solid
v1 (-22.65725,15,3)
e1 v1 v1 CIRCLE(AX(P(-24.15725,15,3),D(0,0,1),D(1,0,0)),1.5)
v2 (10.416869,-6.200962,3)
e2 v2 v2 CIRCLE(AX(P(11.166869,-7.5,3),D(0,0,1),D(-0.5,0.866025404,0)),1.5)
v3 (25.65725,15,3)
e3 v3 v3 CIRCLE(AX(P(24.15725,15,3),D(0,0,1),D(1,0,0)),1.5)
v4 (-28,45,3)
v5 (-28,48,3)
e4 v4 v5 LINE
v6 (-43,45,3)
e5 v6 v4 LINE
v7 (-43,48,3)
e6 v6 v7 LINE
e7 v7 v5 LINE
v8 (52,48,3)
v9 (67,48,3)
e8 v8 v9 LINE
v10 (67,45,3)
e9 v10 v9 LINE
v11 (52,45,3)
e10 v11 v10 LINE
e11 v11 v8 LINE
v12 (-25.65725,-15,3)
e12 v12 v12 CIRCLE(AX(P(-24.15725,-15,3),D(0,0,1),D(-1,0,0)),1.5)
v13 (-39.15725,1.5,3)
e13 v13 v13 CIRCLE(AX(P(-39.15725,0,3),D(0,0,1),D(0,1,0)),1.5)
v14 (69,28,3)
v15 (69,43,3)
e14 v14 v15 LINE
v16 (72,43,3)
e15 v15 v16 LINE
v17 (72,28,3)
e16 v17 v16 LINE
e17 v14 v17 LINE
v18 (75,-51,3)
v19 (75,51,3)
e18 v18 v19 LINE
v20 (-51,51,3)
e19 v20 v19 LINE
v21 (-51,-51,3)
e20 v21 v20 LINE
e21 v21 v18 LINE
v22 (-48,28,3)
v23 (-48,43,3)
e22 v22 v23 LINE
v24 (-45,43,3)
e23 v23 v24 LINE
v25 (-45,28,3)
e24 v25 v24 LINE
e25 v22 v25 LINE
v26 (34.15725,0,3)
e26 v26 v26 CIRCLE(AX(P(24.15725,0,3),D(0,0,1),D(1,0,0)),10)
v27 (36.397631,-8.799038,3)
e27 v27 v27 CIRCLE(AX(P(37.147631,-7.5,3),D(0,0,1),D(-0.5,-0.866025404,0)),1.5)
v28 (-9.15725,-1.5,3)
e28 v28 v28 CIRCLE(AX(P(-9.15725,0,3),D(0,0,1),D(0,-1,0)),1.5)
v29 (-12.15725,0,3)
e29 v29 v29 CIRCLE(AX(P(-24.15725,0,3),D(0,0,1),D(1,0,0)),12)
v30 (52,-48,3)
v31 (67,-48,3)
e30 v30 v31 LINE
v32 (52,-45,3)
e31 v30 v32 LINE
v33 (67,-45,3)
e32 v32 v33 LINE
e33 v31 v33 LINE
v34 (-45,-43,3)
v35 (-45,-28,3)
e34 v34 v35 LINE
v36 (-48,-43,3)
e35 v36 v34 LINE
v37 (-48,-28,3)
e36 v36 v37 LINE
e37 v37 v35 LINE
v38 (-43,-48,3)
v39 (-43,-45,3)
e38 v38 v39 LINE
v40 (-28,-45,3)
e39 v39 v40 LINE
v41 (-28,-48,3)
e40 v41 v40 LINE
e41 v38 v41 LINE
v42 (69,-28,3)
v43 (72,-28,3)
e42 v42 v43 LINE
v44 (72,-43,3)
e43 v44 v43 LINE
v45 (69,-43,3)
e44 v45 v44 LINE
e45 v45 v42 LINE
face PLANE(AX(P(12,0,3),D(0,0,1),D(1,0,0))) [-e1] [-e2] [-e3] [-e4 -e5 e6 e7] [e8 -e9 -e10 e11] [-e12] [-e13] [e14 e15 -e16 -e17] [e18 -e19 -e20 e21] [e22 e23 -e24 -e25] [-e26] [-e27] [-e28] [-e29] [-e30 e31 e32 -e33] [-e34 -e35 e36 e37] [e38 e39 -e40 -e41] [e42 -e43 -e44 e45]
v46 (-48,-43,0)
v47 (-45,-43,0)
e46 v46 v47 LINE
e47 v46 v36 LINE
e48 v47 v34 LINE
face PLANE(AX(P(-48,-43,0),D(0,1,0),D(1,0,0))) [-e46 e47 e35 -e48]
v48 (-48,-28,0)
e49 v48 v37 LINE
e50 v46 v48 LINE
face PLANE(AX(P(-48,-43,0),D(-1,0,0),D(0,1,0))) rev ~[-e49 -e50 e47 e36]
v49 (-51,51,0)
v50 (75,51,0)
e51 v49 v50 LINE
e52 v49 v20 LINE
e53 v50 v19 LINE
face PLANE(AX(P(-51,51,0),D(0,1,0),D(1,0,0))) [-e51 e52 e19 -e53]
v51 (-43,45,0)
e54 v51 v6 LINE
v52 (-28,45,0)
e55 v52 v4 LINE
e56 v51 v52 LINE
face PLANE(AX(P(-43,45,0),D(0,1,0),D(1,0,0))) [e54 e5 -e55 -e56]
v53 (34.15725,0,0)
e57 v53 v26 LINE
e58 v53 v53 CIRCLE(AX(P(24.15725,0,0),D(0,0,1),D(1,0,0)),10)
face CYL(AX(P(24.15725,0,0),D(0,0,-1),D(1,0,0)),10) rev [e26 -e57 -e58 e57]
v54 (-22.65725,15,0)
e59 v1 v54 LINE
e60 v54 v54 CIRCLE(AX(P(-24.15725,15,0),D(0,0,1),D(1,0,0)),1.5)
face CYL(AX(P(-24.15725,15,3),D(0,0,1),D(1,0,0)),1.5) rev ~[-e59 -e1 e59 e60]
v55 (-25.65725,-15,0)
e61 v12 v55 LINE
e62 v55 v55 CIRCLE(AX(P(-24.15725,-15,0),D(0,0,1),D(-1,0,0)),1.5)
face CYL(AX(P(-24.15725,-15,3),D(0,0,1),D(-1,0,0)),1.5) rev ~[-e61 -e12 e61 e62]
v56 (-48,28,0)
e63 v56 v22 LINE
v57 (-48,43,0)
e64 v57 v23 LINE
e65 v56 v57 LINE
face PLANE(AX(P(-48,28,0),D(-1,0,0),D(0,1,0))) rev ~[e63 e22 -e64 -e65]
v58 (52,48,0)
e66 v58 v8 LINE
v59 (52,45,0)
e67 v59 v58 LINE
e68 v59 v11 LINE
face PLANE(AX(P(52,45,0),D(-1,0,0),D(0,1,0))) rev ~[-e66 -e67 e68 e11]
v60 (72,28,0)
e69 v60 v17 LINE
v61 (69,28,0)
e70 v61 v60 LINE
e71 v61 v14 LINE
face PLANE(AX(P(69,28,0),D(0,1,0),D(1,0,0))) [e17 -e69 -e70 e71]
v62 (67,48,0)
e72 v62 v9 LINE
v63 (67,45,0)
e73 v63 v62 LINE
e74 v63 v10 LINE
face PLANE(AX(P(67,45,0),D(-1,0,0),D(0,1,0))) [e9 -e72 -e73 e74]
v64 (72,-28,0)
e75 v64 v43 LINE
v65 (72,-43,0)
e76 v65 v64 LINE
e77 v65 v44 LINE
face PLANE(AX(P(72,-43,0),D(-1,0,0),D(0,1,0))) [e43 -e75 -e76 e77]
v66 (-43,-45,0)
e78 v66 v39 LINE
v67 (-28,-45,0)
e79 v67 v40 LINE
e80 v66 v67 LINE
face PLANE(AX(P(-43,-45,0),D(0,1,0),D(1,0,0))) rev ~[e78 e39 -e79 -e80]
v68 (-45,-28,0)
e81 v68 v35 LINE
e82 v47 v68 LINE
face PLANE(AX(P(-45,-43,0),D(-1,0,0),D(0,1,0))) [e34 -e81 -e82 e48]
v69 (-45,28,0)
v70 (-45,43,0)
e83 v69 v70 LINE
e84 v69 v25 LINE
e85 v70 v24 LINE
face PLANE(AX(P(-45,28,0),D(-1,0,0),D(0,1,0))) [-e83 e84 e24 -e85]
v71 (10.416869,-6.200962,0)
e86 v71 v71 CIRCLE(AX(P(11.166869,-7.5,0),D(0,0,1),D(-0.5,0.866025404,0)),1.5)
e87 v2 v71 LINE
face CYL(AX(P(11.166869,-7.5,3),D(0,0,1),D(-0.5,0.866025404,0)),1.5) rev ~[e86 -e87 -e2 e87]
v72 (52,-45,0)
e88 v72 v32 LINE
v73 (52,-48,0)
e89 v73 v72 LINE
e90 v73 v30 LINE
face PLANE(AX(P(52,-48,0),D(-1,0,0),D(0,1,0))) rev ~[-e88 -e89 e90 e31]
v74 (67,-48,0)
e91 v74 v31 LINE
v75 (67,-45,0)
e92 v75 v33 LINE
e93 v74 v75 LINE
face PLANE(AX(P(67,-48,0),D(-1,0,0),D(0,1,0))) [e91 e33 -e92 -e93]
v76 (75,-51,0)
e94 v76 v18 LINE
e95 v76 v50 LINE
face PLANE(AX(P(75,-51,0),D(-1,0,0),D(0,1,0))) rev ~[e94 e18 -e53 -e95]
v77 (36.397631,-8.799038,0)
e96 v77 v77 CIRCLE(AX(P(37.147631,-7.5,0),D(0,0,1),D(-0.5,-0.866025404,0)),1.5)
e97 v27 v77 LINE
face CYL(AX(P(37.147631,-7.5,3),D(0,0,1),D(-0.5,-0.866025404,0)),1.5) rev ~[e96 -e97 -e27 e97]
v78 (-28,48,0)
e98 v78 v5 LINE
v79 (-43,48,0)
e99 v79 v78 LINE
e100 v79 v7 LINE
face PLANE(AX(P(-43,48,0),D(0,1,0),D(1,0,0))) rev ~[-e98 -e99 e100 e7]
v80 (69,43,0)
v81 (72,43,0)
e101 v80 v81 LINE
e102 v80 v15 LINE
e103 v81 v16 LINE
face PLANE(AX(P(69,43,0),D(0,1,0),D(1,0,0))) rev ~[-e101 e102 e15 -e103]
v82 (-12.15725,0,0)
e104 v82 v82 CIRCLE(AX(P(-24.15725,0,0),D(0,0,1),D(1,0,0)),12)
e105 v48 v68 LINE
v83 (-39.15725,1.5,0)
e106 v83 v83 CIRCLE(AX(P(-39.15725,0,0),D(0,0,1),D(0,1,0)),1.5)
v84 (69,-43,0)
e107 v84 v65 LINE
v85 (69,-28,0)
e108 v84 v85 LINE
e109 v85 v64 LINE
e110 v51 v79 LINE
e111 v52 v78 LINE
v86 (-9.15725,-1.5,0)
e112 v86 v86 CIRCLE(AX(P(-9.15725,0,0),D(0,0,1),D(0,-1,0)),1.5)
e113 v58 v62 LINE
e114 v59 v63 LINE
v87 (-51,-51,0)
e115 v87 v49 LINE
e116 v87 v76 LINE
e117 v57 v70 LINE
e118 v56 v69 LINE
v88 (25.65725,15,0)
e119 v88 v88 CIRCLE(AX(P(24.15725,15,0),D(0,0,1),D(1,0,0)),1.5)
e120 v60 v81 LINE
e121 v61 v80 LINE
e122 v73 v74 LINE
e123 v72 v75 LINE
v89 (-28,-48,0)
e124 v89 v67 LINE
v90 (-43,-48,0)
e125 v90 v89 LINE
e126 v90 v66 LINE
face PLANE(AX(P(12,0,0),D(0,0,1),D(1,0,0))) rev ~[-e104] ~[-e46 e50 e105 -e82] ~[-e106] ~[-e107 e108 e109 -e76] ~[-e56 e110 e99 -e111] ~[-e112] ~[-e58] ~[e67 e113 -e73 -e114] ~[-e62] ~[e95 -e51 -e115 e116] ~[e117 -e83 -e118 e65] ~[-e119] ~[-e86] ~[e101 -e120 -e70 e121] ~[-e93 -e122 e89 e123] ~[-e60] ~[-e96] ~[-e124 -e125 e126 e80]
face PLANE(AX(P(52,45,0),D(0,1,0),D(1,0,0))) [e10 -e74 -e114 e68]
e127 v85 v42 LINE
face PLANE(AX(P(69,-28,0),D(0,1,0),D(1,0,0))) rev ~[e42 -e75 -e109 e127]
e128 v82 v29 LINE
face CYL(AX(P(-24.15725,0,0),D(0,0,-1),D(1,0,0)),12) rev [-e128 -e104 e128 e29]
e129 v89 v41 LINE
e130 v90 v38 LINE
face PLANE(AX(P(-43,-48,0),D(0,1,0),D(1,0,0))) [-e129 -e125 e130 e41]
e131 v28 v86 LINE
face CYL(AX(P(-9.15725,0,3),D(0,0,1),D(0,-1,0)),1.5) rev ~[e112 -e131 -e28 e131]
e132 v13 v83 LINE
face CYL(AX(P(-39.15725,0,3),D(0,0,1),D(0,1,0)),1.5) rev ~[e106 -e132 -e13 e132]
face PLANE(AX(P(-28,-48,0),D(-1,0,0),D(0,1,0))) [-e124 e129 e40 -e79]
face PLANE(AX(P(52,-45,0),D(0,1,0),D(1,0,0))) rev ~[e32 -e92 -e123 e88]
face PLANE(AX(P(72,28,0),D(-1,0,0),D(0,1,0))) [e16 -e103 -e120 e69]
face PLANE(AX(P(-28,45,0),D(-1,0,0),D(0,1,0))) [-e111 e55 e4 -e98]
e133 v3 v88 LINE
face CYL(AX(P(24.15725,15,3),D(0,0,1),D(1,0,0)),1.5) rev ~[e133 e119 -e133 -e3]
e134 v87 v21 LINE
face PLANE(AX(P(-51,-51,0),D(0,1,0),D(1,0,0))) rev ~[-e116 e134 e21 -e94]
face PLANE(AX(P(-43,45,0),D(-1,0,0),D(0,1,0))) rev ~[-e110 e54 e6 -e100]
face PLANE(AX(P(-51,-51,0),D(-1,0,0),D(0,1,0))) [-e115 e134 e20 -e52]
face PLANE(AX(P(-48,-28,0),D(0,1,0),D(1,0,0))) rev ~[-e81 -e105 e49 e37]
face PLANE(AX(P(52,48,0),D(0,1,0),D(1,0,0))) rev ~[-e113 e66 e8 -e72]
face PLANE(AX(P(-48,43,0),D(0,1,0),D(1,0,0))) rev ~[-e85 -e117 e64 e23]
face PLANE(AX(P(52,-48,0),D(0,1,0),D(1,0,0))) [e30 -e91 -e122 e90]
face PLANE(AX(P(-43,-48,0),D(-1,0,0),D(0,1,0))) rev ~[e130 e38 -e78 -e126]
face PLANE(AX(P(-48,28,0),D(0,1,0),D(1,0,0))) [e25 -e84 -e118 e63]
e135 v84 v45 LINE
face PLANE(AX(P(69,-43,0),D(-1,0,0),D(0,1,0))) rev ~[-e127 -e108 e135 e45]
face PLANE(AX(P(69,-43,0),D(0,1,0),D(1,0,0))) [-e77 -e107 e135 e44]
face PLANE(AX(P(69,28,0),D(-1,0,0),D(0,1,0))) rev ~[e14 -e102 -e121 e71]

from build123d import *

# Parameters (mm, degrees)
SKETCH1_W           = 126
SKETCH1_H           = 102
SKETCH1_R           = 12
SKETCH1_R_2         = 10
SKETCH1_W_2         = 3
SKETCH1_H_2         = 15
SKETCH1_W_3         = 15
SKETCH1_H_3         = 3
BOSS_EXTRUDE1_DEPTH = 3
SKETCH2_R           = 1.5
CUT_EXTRUDE1_DEPTH  = 3
CIRPATTERN1_COUNT   = 3
SKETCH3_R           = 1.5
CUT_EXTRUDE2_DEPTH  = 3
CIRPATTERN2_COUNT   = 4


with BuildPart() as part:
    # Sketch1 → Boss-Extrude1 (new body)
    with BuildSketch(Plane.XY):
        with Locations((12, 0)):
            Rectangle(SKETCH1_W, SKETCH1_H)
        with Locations((-24.15725, 0)):
            Circle(SKETCH1_R, mode=Mode.SUBTRACT)
        with Locations((24.15725, 0)):
            Circle(SKETCH1_R_2, mode=Mode.SUBTRACT)
        with Locations((-46.5, -35.5)):
            Rectangle(SKETCH1_W_2, SKETCH1_H_2, mode=Mode.SUBTRACT)
        with Locations((-46.5, 35.5)):
            Rectangle(SKETCH1_W_2, SKETCH1_H_2, mode=Mode.SUBTRACT)
        with Locations((70.5, -35.5)):
            Rectangle(SKETCH1_W_2, SKETCH1_H_2, mode=Mode.SUBTRACT)
        with Locations((70.5, 35.5)):
            Rectangle(SKETCH1_W_2, SKETCH1_H_2, mode=Mode.SUBTRACT)
        with Locations((-35.5, 46.5)):
            Rectangle(SKETCH1_W_3, SKETCH1_H_3, mode=Mode.SUBTRACT)
        with Locations((59.5, 46.5)):
            Rectangle(SKETCH1_W_3, SKETCH1_H_3, mode=Mode.SUBTRACT)
        with Locations((-35.5, -46.5)):
            Rectangle(SKETCH1_W_3, SKETCH1_H_3, mode=Mode.SUBTRACT)
        with Locations((59.5, -46.5)):
            Rectangle(SKETCH1_W_3, SKETCH1_H_3, mode=Mode.SUBTRACT)
    extrude(amount=BOSS_EXTRUDE1_DEPTH)

    # Sketch2 → Cut-Extrude1 (cut)
    with BuildSketch(Plane.XY.offset(3)):
        with Locations((24.15725, 15)):
            Circle(SKETCH2_R)
    cut_extrude1 = extrude(amount=-CUT_EXTRUDE1_DEPTH, mode=Mode.SUBTRACT)

    # CirPattern1: Cut-Extrude1 ×3 about axis
    cirpattern1_axis = Axis((24.15725, 0, 0), (0, 0, 1))
    for i in range(1, CIRPATTERN1_COUNT):
        add(cut_extrude1.rotate(cirpattern1_axis, i * 360 / CIRPATTERN1_COUNT), mode=Mode.SUBTRACT)

    # Sketch3 → Cut-Extrude2 (cut)
    with BuildSketch(Plane.XY.offset(3)):
        with Locations((-24.15725, 15)):
            Circle(SKETCH3_R)
    cut_extrude2 = extrude(amount=-CUT_EXTRUDE2_DEPTH, mode=Mode.SUBTRACT)

    # CirPattern2: Cut-Extrude2 ×4 about axis
    cirpattern2_axis = Axis((-24.15725, 0, 0), (0, 0, 1))
    for i in range(1, CIRPATTERN2_COUNT):
        add(cut_extrude2.rotate(cirpattern2_axis, i * 360 / CIRPATTERN2_COUNT), mode=Mode.SUBTRACT)


solid = part.part
